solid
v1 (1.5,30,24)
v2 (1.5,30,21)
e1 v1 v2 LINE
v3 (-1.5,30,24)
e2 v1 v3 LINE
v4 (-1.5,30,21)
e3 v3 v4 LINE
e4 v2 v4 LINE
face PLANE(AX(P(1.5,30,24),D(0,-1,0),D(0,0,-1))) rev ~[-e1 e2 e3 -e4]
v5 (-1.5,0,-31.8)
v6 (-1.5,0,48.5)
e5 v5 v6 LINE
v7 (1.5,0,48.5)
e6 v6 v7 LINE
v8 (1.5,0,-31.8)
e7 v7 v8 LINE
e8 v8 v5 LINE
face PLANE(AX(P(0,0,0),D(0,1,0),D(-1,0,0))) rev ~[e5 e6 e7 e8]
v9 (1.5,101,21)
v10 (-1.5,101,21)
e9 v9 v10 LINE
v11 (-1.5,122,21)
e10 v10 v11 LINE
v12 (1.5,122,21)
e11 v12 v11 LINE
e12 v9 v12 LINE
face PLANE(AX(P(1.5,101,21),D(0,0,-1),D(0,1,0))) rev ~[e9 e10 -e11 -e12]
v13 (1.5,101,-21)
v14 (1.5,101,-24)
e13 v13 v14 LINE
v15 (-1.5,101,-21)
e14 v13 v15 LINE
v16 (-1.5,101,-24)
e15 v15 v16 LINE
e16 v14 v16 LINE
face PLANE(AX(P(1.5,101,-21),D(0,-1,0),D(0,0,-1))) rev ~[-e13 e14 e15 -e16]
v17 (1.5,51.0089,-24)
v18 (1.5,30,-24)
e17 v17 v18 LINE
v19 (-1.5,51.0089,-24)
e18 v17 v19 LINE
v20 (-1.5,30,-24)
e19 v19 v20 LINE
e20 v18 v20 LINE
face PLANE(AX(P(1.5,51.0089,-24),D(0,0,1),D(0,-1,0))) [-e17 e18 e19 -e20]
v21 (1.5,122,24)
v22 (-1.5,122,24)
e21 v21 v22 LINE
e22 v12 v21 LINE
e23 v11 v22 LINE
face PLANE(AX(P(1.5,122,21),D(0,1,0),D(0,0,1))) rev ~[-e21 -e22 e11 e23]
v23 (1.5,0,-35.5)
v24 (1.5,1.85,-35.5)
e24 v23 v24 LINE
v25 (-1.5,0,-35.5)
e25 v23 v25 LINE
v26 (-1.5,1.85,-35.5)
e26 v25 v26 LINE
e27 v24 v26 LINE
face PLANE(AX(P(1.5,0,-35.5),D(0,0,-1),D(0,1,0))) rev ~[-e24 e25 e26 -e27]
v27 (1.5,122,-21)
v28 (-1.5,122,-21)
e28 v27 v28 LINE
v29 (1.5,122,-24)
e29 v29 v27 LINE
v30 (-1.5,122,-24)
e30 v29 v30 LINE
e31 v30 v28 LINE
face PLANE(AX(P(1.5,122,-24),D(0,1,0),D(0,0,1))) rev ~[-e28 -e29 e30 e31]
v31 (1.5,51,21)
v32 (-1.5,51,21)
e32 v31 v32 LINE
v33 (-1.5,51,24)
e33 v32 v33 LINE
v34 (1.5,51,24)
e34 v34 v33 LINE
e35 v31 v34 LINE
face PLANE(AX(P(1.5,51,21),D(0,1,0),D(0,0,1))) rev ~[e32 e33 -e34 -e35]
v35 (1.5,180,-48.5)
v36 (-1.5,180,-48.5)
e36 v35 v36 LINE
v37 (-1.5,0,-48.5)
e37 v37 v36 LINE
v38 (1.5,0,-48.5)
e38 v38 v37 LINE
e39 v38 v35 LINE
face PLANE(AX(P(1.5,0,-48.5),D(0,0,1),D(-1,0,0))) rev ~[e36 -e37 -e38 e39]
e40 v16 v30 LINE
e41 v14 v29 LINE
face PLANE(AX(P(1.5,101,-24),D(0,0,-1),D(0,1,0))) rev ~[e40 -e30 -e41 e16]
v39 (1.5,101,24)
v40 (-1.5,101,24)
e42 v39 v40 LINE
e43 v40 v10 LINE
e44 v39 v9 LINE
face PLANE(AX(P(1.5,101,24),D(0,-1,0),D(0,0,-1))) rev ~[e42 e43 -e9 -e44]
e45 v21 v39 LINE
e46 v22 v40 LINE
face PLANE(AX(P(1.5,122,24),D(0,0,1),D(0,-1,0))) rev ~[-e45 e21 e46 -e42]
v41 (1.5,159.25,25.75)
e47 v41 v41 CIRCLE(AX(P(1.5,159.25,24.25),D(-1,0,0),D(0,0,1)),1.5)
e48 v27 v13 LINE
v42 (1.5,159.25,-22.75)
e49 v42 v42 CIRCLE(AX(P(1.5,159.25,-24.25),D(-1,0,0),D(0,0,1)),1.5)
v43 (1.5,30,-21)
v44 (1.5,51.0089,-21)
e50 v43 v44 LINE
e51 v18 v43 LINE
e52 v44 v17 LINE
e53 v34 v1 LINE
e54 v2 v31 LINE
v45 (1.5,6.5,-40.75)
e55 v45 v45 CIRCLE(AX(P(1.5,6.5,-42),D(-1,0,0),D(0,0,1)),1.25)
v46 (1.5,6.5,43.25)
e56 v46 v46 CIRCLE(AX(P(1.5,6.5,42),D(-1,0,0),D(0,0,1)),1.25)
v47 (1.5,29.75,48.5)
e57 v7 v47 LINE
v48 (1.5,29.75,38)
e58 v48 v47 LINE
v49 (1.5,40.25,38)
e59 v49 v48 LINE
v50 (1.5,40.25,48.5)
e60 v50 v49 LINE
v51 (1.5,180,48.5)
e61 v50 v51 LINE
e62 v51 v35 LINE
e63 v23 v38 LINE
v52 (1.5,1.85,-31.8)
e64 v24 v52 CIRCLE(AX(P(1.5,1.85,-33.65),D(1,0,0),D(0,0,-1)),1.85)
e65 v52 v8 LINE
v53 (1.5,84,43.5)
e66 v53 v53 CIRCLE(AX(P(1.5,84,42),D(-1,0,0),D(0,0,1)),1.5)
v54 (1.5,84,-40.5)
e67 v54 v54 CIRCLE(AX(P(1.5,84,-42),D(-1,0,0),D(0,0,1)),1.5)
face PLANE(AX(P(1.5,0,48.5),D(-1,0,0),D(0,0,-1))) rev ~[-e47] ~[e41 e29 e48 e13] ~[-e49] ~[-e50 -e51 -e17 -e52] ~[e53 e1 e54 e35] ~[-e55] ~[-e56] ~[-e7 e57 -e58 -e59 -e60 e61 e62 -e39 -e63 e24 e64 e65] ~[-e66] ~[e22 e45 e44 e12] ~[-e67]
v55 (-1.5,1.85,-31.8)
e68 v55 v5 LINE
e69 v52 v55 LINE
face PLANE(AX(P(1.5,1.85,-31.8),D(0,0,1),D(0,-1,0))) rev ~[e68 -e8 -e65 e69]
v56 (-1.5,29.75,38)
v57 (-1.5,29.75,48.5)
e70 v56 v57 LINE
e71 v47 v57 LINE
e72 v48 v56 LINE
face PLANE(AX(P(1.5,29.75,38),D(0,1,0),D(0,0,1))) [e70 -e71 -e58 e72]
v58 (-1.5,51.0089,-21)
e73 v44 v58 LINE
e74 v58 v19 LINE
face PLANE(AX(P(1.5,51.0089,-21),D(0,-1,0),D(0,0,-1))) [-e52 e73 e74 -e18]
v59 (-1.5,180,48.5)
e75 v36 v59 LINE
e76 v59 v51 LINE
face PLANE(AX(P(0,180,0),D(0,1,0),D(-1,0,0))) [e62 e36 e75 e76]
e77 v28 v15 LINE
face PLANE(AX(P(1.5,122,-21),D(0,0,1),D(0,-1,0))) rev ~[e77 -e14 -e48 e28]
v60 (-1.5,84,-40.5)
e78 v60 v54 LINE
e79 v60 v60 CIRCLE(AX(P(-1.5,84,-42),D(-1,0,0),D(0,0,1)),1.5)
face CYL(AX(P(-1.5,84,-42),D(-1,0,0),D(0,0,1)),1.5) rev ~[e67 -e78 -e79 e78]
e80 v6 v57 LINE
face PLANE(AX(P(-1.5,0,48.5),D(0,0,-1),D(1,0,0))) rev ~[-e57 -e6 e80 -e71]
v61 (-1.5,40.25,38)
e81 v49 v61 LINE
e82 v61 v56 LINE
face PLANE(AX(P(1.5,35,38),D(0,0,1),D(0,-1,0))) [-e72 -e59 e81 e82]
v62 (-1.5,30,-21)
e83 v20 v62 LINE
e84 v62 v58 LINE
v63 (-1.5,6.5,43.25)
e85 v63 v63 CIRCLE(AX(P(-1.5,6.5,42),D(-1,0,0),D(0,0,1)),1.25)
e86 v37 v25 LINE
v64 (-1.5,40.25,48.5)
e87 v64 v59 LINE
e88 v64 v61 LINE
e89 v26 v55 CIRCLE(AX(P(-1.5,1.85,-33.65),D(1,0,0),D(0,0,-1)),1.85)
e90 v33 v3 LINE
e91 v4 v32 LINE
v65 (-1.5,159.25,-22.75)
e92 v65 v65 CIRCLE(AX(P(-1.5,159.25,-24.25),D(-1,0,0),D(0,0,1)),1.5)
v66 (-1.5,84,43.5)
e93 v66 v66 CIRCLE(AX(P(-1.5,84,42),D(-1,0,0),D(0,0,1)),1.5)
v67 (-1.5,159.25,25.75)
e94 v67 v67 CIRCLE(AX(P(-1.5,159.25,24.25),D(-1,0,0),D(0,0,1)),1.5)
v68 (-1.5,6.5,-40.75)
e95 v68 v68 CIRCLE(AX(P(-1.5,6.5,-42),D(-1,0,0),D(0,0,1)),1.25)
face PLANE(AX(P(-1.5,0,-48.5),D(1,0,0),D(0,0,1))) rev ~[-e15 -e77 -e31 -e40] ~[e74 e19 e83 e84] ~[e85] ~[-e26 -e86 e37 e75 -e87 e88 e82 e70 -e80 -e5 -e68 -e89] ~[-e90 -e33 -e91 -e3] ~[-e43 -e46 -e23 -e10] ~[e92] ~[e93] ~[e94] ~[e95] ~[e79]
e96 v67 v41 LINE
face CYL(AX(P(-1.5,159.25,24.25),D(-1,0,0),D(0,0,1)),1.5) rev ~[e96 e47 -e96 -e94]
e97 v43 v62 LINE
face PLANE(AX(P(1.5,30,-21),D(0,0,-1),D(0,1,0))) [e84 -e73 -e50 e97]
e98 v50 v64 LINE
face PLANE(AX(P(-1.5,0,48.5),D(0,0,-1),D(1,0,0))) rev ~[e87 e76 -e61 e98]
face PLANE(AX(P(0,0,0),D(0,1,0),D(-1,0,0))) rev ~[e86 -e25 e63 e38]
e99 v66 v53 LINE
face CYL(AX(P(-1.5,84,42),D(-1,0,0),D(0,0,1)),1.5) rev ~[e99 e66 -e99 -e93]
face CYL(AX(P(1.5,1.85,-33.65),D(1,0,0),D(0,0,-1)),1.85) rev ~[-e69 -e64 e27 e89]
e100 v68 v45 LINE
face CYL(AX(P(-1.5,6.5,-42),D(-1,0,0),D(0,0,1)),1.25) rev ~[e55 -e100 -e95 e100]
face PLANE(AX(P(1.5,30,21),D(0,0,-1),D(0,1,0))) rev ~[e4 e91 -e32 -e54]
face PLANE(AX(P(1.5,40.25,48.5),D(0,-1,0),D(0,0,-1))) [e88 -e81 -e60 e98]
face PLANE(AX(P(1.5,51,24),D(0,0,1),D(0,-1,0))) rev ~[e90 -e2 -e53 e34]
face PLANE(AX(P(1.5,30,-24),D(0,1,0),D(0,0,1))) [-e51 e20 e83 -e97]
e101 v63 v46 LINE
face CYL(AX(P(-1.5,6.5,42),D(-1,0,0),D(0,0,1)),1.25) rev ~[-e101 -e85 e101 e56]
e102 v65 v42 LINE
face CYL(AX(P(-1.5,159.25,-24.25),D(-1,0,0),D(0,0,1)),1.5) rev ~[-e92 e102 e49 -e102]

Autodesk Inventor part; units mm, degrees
ref_plane "YZ Plane" through (0, 0, 0) normal (1, 0, 0) x (0, 1, 0)
ref_plane "XZ Plane" through (0, 0, 0) normal (0, 1, 0) x (-1, 0, 0)
ref_plane "XY Plane" through (0, 0, 0) normal (0, 0, 1) x (1, 0, 0)
sketch "Boceto1" plane through (0, 0, 0) normal (0, 1, 0) x (-1, 0, 0)
  line L0 (-1.5, -48.5) -> (1.5, -48.5)
  line L1 (1.5, -48.5) -> (1.5, 48.5)
  line L2 (1.5, 48.5) -> (-1.5, 48.5)
  line L3 (-1.5, 48.5) -> (-1.5, -48.5)
  line L4 (-1.5, -48.5) -> (1.5, 48.5) construction
  line L5 (1.5, -48.5) -> (-1.5, 48.5) construction
  point P0 (0, 0)
  dimension "d0" = 3
  dimension "d1" = 97
extrude "Extrusión1" add sketch "Boceto1" along normal blind 180
sketch "Boceto2" plane through (-1.5, 0, -48.5) normal (-1, 0, 0) x (0, 0, 1)
  circle A0 centre (24.25, 159.25) radius 1.5 projected
  circle A1 centre (72.75, 159.25) radius 1.5 projected
  circle A2 centre (90.5, 84) radius 1.5 projected
  circle A3 centre (6.5, 84) radius 1.5 projected
  circle A4 centre (6.5, 6.5) radius 1.25 projected
  circle A5 centre (90.5, 6.5) radius 1.25 projected
  point P0 (48.5, 0)
extrude "Extrusión2" cut sketch "Boceto2" against normal through all
sketch "Boceto3" plane through (1.5, 0, 48.5) normal (1, 0, 0) x (0, 0, -1)
  line L0 (10.5, 26) -> (5.5, 26)
  line L1 (10.5, 44) -> (10.5, 26)
  line L2 (5.5, 44) -> (-0.0781, 44)
  line L3 (-0.0781, 26) -> (5.5, 26)
  line L4 (0, 0) -> (0, 180) projected
  line L5 (0, 44) -> (10.5, 44)
  line L6 (10.5, 44) -> (10.5, 26)
  line L7 (10.5, 26) -> (0, 26)
  line L8 (0, 26) -> (0, 44)
  line L9 (0, 35) -> (10.5, 35)
  line L10 (10.5, 29.75) -> (0, 29.75)
  line L11 (0, 29.75) -> (0, 40.25)
  line L12 (0, 40.25) -> (10.5, 40.25)
  line L13 (10.5, 40.25) -> (10.5, 29.75)
  line L14 (10.5, 29.75) -> (0, 40.25) construction
  line L15 (0, 29.75) -> (10.5, 40.25) construction
  point P0 (48.5, 0)
  point P1 (5.25, 35)
  point P2 (10.5, 40.25)
  point P3 (10.5, 29.75)
  dimension "d13" = 10.5
extrude "Extrusión3" cut sketch "Boceto3" against normal through all contours L10 L4 L9 L1 | L9 L4 L12 L1
sketch "Boceto4" plane through (1.5, 0, 48.5) normal (1, 0, 0) x (0, 0, -1)
  line L0 (84, 0) -> (84, 13) projected
  line L1 (100, 0) -> (-3, 0) projected
  arc A0 (84, 1.85) -> (80.3, 1.85) centre (82.15, 1.85) ccw
  line L2 (0, 0) -> (97, 0) projected
  line L3 (80.3, 1.85) -> (80.3, 0)
  line L4 (97, 0) -> (0, 0) projected
  line L5 (84, 1.85) -> (84, 0)
  point P0 (48.5, 0)
  dimension "d9" = 3.7
extrude "Extrusión4" cut sketch "Boceto4" against normal through all
sketch "Boceto5" plane through (1.5, 0, -48.5) normal (1, 0, 0) x (0, 0, -1)
  line L0 (-48.5, 0) -> (-72.5, 0)
  line L1 (-16.7, 0) -> (-97, 0) projected
  line L2 (-72.5, 0) -> (-72.5, 30)
  line L3 (-97, 0) -> (-16.7, 0) projected
  line L4 (-72.5, 30) -> (-69.5, 30)
  line L5 (-69.5, 30) -> (-69.5, 51)
  line L6 (-69.5, 51) -> (-72.5, 51)
  line L7 (-72.5, 51) -> (-72.5, 30)
  line L8 (-48.5, 0) -> (-24.5, 0)
  line L9 (-24.5, 0) -> (-24.5, 30)
  line L10 (-24.5, 30) -> (-27.5, 30)
  line L11 (-27.5, 30) -> (-27.5, 51.0089)
  line L12 (-27.5, 51.0089) -> (-24.5, 51.0089)
  line L13 (-24.5, 51.0089) -> (-24.5, 30)
  line L14 (-72.5, 51) -> (-72.5, 101)
  line L15 (-72.5, 101) -> (-69.5, 101)
  line L16 (-69.5, 101) -> (-69.5, 122)
  line L17 (-69.5, 122) -> (-72.5, 122)
  line L18 (-72.5, 122) -> (-72.5, 101)
  line L19 (-27.5, 101) -> (-24.5, 101)
  line L20 (-24.5, 101) -> (-24.5, 122)
  line L21 (-24.5, 122) -> (-27.5, 122)
  line L22 (-27.5, 122) -> (-27.5, 101)
  dimension "d14" = 24
  dimension "d15" = 30
  dimension "d16" = 3
  dimension "d17" = 21
  dimension "d18" = 24
  dimension "d19" = 30
  dimension "d20" = 3
  dimension "d21" = 50
  dimension "d22" = 21
extrude "Extrusión5" cut sketch "Boceto5" against normal blind 10
properties part number "Panel2"
